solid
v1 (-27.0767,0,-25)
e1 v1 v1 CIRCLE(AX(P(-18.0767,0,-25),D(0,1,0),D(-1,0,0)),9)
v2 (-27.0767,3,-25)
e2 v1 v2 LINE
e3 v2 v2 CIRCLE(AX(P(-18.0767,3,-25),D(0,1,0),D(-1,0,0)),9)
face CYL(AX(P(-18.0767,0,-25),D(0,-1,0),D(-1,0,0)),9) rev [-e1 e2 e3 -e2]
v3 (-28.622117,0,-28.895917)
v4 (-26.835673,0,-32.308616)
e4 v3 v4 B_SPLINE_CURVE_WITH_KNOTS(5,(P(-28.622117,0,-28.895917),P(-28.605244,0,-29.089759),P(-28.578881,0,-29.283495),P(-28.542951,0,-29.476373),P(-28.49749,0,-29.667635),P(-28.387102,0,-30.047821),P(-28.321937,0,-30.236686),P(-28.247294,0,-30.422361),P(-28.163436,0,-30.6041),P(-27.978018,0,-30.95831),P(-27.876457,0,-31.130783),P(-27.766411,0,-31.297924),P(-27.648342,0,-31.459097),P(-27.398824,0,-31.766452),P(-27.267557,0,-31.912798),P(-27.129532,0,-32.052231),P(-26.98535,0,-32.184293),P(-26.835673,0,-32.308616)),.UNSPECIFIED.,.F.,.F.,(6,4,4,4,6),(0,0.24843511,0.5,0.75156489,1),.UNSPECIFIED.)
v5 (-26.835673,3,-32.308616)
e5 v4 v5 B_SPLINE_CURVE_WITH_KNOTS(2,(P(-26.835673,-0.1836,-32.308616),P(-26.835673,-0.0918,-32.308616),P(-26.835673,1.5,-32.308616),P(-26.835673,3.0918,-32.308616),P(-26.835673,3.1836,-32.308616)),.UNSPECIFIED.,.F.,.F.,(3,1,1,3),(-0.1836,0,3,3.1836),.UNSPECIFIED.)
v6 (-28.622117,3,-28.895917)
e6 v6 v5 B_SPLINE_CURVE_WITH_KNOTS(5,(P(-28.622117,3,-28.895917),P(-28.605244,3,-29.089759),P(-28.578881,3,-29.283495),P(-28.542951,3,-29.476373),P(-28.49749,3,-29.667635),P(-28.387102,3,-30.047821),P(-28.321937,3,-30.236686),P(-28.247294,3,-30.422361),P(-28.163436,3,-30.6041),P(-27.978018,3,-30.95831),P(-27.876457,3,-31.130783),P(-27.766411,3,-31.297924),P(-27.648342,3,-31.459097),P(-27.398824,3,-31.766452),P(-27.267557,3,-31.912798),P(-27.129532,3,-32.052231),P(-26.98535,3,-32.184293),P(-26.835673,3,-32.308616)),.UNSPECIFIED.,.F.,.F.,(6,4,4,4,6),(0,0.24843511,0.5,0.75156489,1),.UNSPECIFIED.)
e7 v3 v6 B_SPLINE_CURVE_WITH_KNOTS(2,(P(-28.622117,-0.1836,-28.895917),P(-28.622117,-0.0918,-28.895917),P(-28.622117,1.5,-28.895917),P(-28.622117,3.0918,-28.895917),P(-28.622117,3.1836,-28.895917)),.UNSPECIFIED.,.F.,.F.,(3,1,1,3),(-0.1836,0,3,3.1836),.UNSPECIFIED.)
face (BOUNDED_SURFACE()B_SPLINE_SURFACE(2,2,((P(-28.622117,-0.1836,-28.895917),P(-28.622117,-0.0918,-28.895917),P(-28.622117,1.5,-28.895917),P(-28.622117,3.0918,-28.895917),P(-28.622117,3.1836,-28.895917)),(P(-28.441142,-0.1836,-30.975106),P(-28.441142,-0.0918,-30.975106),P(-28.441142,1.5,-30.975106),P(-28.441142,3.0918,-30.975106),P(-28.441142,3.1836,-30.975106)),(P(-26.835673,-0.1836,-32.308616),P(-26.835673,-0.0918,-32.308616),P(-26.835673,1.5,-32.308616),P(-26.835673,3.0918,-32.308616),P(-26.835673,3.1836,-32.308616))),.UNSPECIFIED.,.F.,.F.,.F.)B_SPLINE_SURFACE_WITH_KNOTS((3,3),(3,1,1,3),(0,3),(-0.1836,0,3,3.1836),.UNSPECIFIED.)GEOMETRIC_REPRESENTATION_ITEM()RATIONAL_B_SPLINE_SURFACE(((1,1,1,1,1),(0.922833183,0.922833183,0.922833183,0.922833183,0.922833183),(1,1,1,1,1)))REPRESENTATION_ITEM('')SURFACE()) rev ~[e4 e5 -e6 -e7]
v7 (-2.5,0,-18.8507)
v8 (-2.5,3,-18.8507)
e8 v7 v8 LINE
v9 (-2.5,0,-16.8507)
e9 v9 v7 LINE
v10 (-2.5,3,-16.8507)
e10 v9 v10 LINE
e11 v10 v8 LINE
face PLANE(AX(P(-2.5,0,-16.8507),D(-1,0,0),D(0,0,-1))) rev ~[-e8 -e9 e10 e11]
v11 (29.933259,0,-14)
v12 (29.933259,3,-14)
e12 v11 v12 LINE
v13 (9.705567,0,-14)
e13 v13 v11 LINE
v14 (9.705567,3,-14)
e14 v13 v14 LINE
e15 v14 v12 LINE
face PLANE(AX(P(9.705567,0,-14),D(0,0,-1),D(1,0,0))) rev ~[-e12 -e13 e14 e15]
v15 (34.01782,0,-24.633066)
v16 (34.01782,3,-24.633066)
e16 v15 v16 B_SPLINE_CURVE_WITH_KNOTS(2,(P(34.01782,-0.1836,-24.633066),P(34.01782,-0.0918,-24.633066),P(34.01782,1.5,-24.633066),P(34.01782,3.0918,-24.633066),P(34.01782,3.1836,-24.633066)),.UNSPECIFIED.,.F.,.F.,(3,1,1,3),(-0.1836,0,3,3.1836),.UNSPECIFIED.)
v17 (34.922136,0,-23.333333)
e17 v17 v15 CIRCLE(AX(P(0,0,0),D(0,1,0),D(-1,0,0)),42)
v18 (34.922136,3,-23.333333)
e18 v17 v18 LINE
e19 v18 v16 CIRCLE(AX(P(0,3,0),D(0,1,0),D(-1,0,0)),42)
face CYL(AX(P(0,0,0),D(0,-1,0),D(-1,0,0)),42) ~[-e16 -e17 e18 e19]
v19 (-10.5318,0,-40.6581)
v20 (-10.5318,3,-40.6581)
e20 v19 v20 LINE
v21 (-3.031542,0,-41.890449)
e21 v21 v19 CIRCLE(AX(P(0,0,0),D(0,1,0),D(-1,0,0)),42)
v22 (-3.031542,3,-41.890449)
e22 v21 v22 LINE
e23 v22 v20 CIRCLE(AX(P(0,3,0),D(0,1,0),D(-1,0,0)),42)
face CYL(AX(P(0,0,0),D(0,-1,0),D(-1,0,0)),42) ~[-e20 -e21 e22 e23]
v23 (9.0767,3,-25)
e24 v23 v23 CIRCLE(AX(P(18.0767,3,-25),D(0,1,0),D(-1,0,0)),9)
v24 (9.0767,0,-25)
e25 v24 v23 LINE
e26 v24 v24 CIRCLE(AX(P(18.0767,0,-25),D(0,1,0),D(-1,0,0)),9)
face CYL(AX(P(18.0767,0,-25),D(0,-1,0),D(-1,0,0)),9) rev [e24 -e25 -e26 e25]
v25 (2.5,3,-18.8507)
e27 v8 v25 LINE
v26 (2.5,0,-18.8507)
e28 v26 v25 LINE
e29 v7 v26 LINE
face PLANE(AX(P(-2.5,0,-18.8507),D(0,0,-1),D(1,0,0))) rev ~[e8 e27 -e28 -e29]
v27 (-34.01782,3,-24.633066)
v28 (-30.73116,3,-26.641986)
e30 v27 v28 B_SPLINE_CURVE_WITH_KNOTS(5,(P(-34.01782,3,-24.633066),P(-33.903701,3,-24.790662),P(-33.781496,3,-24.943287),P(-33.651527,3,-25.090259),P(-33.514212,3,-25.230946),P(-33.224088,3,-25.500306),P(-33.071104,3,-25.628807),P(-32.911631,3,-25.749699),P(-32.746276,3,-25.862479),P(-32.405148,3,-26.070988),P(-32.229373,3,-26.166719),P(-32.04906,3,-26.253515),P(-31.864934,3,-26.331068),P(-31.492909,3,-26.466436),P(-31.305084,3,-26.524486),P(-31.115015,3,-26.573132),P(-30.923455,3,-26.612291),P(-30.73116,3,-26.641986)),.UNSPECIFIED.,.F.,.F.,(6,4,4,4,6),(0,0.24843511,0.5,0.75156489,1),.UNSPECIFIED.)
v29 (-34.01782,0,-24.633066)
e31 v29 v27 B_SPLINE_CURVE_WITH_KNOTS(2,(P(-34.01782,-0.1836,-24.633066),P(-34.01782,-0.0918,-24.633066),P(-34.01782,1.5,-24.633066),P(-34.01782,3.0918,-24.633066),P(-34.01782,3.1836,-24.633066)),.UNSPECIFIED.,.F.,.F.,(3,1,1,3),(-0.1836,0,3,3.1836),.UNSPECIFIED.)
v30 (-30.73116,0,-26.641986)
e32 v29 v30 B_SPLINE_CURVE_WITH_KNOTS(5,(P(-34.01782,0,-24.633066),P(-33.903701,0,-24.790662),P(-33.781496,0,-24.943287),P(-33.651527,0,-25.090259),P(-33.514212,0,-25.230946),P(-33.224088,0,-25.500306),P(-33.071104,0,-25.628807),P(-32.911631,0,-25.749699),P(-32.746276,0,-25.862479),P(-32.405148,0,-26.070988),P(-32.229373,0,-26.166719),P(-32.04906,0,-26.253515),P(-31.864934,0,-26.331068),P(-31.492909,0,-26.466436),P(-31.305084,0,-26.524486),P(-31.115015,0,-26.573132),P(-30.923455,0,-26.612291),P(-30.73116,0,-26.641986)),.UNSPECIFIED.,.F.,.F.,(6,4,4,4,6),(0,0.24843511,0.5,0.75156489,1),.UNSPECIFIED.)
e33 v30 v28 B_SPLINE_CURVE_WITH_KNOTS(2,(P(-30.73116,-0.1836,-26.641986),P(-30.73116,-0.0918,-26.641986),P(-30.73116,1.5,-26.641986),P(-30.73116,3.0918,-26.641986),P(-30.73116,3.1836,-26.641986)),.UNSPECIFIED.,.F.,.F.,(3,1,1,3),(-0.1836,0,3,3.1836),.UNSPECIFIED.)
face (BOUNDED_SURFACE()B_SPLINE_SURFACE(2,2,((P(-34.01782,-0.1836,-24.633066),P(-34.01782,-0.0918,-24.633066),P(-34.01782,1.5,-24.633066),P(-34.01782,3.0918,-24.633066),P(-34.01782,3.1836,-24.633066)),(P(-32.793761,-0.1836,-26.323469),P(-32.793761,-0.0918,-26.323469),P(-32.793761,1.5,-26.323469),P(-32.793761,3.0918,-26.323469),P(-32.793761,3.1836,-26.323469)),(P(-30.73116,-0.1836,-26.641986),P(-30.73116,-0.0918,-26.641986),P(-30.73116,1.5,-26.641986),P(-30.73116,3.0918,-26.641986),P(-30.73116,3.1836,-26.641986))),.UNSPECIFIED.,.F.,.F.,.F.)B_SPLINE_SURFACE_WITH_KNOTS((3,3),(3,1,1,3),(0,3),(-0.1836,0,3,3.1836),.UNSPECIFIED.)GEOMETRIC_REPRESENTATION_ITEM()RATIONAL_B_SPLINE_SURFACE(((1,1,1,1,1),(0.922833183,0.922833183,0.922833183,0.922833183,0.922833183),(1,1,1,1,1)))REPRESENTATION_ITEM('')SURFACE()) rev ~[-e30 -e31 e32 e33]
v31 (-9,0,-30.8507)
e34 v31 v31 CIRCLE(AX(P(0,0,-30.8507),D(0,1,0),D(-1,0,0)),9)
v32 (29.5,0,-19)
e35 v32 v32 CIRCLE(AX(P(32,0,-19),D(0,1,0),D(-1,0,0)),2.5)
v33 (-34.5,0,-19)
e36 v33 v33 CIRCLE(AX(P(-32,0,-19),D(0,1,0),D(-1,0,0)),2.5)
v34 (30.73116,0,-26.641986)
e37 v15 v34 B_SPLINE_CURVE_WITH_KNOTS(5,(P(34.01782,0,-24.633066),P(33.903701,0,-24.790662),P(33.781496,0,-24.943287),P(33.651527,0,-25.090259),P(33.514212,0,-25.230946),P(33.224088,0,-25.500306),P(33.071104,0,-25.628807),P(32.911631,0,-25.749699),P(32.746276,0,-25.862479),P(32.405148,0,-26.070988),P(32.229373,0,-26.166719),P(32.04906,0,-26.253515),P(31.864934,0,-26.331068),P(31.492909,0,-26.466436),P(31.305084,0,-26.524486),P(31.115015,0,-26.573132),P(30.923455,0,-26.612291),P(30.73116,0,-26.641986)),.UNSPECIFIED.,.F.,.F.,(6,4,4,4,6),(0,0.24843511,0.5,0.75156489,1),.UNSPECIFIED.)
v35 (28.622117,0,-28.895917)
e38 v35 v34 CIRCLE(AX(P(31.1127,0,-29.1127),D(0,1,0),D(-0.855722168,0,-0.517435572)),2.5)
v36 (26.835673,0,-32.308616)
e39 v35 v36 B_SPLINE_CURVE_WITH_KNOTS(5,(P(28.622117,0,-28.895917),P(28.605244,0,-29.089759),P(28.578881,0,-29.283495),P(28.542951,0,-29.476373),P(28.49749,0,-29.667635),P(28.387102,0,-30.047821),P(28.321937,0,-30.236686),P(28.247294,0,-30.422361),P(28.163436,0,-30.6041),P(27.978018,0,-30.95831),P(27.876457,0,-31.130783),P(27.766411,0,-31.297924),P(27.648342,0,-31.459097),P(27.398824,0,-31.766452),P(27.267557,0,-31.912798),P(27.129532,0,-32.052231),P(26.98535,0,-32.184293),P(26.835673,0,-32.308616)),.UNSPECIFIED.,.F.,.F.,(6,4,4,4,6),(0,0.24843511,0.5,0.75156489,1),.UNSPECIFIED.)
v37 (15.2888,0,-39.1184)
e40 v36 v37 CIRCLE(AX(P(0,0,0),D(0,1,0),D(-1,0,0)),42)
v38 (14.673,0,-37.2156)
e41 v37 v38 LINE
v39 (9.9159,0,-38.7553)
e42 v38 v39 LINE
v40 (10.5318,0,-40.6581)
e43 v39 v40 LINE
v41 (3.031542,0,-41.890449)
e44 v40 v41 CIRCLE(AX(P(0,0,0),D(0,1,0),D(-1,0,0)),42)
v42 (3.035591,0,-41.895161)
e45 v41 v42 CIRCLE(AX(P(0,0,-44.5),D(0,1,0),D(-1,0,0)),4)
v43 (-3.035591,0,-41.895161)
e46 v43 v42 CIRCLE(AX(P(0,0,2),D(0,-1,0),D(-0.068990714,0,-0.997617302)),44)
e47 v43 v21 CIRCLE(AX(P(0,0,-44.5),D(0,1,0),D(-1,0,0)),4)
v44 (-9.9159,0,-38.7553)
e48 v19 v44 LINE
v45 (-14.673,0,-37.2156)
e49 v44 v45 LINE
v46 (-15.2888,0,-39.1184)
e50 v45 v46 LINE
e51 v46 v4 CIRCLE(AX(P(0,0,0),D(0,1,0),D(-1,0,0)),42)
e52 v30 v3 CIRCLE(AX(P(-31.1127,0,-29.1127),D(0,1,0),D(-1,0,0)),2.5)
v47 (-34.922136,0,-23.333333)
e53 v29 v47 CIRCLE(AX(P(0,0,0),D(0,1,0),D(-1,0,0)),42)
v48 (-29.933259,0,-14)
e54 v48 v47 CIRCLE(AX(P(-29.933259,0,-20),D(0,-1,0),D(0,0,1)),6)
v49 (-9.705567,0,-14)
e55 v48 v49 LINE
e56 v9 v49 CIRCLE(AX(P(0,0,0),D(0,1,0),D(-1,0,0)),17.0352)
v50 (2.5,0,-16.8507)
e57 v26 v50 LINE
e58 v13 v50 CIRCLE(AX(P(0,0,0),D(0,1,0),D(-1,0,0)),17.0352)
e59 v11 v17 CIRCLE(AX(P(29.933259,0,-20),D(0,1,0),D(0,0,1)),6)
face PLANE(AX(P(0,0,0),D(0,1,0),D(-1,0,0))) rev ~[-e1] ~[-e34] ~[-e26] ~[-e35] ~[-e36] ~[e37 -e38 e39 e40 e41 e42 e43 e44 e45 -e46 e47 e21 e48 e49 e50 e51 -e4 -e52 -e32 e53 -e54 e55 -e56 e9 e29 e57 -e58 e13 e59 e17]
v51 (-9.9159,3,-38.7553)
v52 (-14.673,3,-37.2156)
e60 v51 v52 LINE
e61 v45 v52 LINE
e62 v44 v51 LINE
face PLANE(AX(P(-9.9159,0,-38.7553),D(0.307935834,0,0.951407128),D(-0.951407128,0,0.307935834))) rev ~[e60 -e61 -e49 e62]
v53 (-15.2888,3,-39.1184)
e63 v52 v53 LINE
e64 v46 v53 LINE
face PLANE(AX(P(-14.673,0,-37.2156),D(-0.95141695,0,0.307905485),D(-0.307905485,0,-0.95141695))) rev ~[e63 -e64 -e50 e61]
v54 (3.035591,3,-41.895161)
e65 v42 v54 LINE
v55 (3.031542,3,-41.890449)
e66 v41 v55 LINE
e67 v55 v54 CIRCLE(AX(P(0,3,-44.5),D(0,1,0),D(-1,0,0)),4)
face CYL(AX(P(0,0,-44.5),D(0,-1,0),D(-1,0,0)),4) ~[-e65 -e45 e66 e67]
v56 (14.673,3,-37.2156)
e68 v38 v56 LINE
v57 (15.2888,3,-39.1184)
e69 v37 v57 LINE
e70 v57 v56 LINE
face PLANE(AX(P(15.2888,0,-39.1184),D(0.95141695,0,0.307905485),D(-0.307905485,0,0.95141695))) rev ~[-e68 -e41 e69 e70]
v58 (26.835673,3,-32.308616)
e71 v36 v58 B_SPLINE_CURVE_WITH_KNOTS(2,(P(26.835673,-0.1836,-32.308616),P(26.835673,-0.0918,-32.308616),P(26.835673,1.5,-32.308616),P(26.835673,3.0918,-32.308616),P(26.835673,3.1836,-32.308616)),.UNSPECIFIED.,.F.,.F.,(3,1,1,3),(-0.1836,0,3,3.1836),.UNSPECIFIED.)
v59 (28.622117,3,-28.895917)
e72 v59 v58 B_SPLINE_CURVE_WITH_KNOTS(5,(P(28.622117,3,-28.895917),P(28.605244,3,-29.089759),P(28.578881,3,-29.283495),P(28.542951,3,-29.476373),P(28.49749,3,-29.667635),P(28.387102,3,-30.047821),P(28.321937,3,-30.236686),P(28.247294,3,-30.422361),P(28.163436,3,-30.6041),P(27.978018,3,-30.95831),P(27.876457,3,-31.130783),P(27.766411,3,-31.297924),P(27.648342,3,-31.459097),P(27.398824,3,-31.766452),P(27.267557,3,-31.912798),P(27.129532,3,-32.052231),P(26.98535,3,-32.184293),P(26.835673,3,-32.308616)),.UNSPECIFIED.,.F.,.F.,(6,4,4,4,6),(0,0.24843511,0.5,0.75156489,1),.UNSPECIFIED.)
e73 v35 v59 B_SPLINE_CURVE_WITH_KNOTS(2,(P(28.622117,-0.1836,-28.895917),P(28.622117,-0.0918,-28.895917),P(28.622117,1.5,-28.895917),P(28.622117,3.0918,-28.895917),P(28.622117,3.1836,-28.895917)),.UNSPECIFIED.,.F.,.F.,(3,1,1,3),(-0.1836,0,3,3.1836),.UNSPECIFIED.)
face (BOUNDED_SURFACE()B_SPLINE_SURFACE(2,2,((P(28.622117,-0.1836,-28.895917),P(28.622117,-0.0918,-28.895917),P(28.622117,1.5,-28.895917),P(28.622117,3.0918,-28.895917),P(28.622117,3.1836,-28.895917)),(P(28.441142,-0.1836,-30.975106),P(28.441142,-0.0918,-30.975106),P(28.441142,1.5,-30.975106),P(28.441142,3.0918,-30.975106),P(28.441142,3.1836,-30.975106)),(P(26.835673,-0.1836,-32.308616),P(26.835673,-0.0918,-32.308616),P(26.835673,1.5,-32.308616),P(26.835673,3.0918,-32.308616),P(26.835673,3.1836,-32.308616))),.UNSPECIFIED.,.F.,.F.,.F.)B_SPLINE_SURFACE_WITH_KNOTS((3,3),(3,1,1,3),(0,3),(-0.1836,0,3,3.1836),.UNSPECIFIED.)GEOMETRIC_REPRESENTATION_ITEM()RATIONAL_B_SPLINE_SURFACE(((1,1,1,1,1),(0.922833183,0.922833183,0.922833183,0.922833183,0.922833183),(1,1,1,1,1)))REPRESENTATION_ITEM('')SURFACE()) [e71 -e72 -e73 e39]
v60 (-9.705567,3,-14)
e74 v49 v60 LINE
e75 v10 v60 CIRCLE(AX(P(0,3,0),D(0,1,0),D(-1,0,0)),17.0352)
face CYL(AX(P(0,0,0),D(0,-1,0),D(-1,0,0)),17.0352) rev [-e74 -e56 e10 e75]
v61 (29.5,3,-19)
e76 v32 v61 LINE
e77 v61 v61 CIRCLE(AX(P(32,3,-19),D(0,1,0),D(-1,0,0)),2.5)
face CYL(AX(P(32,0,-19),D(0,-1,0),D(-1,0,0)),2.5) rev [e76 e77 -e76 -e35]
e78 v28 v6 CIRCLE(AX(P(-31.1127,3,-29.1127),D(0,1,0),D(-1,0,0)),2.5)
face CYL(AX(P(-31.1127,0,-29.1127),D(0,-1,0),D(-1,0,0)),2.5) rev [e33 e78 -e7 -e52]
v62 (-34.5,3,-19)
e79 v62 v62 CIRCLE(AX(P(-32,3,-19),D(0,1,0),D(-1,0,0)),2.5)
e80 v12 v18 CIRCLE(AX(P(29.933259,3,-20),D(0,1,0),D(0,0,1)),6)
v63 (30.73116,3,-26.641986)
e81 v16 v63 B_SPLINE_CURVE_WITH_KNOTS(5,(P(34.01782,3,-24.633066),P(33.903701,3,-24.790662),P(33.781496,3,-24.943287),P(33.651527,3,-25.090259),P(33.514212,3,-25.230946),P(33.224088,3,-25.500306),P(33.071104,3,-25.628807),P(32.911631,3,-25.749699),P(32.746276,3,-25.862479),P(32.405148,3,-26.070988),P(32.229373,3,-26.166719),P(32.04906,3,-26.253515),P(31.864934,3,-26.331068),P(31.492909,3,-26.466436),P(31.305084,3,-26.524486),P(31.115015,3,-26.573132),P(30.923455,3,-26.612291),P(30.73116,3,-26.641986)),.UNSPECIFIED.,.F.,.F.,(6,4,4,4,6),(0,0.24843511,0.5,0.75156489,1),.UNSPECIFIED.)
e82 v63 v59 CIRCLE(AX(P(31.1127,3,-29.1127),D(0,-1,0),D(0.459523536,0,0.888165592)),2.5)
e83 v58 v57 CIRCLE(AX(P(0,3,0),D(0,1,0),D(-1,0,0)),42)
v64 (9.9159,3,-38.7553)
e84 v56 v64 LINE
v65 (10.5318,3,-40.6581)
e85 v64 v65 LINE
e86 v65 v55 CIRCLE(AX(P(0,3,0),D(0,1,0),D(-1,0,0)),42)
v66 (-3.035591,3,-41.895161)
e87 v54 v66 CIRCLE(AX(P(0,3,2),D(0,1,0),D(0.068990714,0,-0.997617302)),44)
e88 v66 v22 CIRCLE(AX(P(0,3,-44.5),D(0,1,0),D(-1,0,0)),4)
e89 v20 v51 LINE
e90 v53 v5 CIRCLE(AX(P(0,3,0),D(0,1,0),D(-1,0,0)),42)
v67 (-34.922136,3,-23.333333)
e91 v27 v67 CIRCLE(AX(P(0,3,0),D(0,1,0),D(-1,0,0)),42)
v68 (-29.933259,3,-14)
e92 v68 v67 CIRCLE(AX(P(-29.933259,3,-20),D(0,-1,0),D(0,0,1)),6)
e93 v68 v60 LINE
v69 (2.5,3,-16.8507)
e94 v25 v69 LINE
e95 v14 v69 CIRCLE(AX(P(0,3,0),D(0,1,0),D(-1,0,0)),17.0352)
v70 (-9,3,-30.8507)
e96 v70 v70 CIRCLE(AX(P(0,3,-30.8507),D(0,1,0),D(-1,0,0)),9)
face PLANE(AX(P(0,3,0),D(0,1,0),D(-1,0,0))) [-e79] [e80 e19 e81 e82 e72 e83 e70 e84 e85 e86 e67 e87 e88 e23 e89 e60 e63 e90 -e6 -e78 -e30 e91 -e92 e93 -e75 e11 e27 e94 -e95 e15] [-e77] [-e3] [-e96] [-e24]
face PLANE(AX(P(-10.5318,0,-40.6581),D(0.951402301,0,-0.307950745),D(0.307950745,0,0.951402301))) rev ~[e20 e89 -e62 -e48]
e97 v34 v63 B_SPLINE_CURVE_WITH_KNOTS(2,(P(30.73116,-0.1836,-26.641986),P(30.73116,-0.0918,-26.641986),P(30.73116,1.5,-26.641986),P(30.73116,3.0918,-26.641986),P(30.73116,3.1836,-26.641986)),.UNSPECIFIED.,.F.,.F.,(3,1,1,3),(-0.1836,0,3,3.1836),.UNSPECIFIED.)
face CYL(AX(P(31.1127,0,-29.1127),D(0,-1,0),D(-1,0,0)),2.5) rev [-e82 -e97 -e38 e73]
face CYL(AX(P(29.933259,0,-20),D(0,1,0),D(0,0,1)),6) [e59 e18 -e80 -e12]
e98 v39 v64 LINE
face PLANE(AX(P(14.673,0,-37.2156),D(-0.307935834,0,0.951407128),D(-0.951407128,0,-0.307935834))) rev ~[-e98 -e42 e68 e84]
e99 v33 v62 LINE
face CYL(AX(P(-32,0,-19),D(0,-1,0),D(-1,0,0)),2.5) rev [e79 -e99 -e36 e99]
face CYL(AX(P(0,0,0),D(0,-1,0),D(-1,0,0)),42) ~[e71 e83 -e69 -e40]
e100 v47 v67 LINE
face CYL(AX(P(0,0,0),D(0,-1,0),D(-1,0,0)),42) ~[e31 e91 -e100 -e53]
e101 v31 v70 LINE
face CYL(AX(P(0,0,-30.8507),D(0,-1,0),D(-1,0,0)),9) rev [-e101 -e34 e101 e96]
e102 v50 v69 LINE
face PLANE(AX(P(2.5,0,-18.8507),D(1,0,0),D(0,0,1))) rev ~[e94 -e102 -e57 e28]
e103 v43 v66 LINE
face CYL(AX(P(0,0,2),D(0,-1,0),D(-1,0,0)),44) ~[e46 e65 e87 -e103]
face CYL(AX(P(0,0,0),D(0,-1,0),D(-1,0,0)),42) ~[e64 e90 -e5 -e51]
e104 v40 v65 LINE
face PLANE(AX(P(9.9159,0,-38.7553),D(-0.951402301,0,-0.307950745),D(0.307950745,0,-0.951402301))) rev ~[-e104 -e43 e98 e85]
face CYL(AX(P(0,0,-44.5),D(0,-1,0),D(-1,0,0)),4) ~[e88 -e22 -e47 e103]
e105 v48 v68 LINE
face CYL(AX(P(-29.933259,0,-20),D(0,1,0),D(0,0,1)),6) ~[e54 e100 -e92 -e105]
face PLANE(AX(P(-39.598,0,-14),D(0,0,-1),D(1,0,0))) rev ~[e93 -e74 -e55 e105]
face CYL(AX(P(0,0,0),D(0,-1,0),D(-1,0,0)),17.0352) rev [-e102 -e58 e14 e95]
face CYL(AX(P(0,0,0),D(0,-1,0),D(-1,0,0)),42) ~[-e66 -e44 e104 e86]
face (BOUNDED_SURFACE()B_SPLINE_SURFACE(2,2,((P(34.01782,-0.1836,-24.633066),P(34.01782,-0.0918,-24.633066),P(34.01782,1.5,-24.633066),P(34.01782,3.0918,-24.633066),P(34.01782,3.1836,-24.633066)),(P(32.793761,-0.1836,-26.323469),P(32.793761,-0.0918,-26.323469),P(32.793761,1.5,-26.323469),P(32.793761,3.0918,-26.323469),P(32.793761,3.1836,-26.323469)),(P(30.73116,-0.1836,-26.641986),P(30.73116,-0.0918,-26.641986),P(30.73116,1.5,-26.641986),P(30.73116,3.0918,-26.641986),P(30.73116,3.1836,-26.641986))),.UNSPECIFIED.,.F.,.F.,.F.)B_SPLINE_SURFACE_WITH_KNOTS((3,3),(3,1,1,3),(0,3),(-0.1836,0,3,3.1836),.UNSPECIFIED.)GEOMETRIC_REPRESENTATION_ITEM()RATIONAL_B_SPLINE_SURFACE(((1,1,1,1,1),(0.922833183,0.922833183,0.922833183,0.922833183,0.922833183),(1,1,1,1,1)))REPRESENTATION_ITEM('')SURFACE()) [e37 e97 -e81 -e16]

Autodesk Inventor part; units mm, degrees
ref_plane "YZ Plane" through (0, 0, 0) normal (1, 0, 0) x (0, 1, 0)
ref_plane "XZ Plane" through (0, 0, 0) normal (0, 1, 0) x (-1, 0, 0)
ref_plane "XY Plane" through (0, 0, 0) normal (0, 0, 1) x (1, 0, 0)
sketch "Эскиз1" plane through (0, 0, 0) normal (0, 1, 0) x (-1, 0, 0)
  circle A0 centre (0, 0) radius 42
  line L0 (0, -42) -> (0, 42) construction
  circle A1 centre (18.0767, -25) radius 9
  circle A2 centre (-18.0767, -25) radius 9
  line L1 (39.598, -14) -> (-39.598, -14)
  circle A3 centre (0, -30.8507) radius 9
  circle A4 centre (0, 0) radius 30.8507 construction
  line L2 (0, 0) -> (12.9332, -39.9591) construction
  line L3 (0, 0) -> (-12.9332, -39.9591) construction
  line L4 (9.9159, -38.7553) -> (14.673, -37.2156)
  line L5 (14.673, -37.2156) -> (15.2888, -39.1184)
  line L6 (15.2888, -39.1184) -> (10.5318, -40.6581)
  line L7 (10.5318, -40.6581) -> (9.9159, -38.7553)
  line L8 (9.9159, -38.7553) -> (15.2888, -39.1184) construction
  line L9 (14.673, -37.2156) -> (10.5318, -40.6581) construction
  line L10 (-14.673, -37.2156) -> (-9.9159, -38.7553)
  line L11 (-9.9159, -38.7553) -> (-10.5318, -40.6581)
  line L12 (-10.5318, -40.6581) -> (-15.2888, -39.1184)
  line L13 (-15.2888, -39.1184) -> (-14.673, -37.2156)
  line L14 (-14.673, -37.2156) -> (-10.5318, -40.6581) construction
  line L15 (-9.9159, -38.7553) -> (-15.2888, -39.1184) construction
  line L16 (-2.5, -16.8507) -> (2.5, -16.8507)
  line L17 (2.5, -16.8507) -> (2.5, -18.8507)
  line L18 (2.5, -18.8507) -> (-2.5, -18.8507)
  line L19 (-2.5, -18.8507) -> (-2.5, -16.8507)
  line L20 (-2.5, -16.8507) -> (2.5, -18.8507) construction
  line L21 (2.5, -16.8507) -> (-2.5, -18.8507) construction
  circle A5 centre (0, 0) radius 17.0352
  circle A6 centre (0, -44.5) radius 2.5
  circle A7 centre (0, 0) radius 50
  circle A8 centre (0, -44.5) radius 4
  circle A9 centre (-32, -19) radius 2.5
  circle A10 centre (32, -19) radius 2.5
  circle A11 centre (0, 0) radius 44 construction
  circle A12 centre (0, 2) radius 44
  circle A13 centre (31.1127, -29.1127) radius 2.5
  circle A14 centre (-31.1127, -29.1127) radius 2.5
  point P0 (12.6024, -38.9369)
  point P1 (-12.6024, -38.9369)
  point P2 (0, -17.8507)
  point P3 (9.7056, -14)
  point P4 (2.5, -16.8507)
  point P5 (-9.7056, -14)
  point P6 (-15.2888, -39.1184)
  point P7 (10.5318, -40.6581)
  point P8 (-3.0315, -41.8904)
  point P9 (3.0315, -41.8904)
  point P10 (0, -42)
  point P11 (28.9734, -30.4063)
  point P12 (32.2615, -26.8923)
  point P13 (-32.2615, -26.8923)
  point P14 (-28.9734, -30.4063)
  dimension "d0" = 84
  dimension "d5" = 18
  dimension "d7" = 14
  dimension "d8" = 11
  dimension "d13" = 35.87
  dimension "d14" = 17.935
  dimension "d15" = 2
  dimension "d16" = 2
  dimension "d17" = 5
  dimension "d18" = 5
  dimension "d19" = 5
  dimension "d20" = 2
  dimension "d21" = 13
  dimension "d27" = 100
  dimension "d28" = 5
  dimension "d29" = 8
  dimension "d30" = 5
  dimension "d31" = 19
  dimension "d32" = 64
  dimension "d34" = 19
  dimension "d35" = 88
  dimension "d37" = 2
  dimension "d38" = 88
  dimension "d39" = 5
  dimension "d40" = 90
extrude "Выдавливание2" add sketch "Эскиз1" along normal blind 3 contours L1 A5 L19 L18 L17 A0 A13 L5 L4 L7 A8 L11 L10 L13 A14 | A8 A0 A12 | A12 A0 A8 | A8 A0
fillet "Сопряжение3" radius 6 2 edges at (39.598, 1.5, -14) (-39.598, 1.5, -14)
fillet "Сопряжение4" radius 5 2 edges at (-32.2615, 1.5, -26.8923) (-28.9734, 1.5, -30.4063)
fillet "Сопряжение5" radius 5 2 edges at (28.9734, 1.5, -30.4063) (32.2615, 1.5, -26.8923)
equation "\"d14\" = 0.5 * d13"
properties part number "Крепление АКБ" material "Пластик АБС"
